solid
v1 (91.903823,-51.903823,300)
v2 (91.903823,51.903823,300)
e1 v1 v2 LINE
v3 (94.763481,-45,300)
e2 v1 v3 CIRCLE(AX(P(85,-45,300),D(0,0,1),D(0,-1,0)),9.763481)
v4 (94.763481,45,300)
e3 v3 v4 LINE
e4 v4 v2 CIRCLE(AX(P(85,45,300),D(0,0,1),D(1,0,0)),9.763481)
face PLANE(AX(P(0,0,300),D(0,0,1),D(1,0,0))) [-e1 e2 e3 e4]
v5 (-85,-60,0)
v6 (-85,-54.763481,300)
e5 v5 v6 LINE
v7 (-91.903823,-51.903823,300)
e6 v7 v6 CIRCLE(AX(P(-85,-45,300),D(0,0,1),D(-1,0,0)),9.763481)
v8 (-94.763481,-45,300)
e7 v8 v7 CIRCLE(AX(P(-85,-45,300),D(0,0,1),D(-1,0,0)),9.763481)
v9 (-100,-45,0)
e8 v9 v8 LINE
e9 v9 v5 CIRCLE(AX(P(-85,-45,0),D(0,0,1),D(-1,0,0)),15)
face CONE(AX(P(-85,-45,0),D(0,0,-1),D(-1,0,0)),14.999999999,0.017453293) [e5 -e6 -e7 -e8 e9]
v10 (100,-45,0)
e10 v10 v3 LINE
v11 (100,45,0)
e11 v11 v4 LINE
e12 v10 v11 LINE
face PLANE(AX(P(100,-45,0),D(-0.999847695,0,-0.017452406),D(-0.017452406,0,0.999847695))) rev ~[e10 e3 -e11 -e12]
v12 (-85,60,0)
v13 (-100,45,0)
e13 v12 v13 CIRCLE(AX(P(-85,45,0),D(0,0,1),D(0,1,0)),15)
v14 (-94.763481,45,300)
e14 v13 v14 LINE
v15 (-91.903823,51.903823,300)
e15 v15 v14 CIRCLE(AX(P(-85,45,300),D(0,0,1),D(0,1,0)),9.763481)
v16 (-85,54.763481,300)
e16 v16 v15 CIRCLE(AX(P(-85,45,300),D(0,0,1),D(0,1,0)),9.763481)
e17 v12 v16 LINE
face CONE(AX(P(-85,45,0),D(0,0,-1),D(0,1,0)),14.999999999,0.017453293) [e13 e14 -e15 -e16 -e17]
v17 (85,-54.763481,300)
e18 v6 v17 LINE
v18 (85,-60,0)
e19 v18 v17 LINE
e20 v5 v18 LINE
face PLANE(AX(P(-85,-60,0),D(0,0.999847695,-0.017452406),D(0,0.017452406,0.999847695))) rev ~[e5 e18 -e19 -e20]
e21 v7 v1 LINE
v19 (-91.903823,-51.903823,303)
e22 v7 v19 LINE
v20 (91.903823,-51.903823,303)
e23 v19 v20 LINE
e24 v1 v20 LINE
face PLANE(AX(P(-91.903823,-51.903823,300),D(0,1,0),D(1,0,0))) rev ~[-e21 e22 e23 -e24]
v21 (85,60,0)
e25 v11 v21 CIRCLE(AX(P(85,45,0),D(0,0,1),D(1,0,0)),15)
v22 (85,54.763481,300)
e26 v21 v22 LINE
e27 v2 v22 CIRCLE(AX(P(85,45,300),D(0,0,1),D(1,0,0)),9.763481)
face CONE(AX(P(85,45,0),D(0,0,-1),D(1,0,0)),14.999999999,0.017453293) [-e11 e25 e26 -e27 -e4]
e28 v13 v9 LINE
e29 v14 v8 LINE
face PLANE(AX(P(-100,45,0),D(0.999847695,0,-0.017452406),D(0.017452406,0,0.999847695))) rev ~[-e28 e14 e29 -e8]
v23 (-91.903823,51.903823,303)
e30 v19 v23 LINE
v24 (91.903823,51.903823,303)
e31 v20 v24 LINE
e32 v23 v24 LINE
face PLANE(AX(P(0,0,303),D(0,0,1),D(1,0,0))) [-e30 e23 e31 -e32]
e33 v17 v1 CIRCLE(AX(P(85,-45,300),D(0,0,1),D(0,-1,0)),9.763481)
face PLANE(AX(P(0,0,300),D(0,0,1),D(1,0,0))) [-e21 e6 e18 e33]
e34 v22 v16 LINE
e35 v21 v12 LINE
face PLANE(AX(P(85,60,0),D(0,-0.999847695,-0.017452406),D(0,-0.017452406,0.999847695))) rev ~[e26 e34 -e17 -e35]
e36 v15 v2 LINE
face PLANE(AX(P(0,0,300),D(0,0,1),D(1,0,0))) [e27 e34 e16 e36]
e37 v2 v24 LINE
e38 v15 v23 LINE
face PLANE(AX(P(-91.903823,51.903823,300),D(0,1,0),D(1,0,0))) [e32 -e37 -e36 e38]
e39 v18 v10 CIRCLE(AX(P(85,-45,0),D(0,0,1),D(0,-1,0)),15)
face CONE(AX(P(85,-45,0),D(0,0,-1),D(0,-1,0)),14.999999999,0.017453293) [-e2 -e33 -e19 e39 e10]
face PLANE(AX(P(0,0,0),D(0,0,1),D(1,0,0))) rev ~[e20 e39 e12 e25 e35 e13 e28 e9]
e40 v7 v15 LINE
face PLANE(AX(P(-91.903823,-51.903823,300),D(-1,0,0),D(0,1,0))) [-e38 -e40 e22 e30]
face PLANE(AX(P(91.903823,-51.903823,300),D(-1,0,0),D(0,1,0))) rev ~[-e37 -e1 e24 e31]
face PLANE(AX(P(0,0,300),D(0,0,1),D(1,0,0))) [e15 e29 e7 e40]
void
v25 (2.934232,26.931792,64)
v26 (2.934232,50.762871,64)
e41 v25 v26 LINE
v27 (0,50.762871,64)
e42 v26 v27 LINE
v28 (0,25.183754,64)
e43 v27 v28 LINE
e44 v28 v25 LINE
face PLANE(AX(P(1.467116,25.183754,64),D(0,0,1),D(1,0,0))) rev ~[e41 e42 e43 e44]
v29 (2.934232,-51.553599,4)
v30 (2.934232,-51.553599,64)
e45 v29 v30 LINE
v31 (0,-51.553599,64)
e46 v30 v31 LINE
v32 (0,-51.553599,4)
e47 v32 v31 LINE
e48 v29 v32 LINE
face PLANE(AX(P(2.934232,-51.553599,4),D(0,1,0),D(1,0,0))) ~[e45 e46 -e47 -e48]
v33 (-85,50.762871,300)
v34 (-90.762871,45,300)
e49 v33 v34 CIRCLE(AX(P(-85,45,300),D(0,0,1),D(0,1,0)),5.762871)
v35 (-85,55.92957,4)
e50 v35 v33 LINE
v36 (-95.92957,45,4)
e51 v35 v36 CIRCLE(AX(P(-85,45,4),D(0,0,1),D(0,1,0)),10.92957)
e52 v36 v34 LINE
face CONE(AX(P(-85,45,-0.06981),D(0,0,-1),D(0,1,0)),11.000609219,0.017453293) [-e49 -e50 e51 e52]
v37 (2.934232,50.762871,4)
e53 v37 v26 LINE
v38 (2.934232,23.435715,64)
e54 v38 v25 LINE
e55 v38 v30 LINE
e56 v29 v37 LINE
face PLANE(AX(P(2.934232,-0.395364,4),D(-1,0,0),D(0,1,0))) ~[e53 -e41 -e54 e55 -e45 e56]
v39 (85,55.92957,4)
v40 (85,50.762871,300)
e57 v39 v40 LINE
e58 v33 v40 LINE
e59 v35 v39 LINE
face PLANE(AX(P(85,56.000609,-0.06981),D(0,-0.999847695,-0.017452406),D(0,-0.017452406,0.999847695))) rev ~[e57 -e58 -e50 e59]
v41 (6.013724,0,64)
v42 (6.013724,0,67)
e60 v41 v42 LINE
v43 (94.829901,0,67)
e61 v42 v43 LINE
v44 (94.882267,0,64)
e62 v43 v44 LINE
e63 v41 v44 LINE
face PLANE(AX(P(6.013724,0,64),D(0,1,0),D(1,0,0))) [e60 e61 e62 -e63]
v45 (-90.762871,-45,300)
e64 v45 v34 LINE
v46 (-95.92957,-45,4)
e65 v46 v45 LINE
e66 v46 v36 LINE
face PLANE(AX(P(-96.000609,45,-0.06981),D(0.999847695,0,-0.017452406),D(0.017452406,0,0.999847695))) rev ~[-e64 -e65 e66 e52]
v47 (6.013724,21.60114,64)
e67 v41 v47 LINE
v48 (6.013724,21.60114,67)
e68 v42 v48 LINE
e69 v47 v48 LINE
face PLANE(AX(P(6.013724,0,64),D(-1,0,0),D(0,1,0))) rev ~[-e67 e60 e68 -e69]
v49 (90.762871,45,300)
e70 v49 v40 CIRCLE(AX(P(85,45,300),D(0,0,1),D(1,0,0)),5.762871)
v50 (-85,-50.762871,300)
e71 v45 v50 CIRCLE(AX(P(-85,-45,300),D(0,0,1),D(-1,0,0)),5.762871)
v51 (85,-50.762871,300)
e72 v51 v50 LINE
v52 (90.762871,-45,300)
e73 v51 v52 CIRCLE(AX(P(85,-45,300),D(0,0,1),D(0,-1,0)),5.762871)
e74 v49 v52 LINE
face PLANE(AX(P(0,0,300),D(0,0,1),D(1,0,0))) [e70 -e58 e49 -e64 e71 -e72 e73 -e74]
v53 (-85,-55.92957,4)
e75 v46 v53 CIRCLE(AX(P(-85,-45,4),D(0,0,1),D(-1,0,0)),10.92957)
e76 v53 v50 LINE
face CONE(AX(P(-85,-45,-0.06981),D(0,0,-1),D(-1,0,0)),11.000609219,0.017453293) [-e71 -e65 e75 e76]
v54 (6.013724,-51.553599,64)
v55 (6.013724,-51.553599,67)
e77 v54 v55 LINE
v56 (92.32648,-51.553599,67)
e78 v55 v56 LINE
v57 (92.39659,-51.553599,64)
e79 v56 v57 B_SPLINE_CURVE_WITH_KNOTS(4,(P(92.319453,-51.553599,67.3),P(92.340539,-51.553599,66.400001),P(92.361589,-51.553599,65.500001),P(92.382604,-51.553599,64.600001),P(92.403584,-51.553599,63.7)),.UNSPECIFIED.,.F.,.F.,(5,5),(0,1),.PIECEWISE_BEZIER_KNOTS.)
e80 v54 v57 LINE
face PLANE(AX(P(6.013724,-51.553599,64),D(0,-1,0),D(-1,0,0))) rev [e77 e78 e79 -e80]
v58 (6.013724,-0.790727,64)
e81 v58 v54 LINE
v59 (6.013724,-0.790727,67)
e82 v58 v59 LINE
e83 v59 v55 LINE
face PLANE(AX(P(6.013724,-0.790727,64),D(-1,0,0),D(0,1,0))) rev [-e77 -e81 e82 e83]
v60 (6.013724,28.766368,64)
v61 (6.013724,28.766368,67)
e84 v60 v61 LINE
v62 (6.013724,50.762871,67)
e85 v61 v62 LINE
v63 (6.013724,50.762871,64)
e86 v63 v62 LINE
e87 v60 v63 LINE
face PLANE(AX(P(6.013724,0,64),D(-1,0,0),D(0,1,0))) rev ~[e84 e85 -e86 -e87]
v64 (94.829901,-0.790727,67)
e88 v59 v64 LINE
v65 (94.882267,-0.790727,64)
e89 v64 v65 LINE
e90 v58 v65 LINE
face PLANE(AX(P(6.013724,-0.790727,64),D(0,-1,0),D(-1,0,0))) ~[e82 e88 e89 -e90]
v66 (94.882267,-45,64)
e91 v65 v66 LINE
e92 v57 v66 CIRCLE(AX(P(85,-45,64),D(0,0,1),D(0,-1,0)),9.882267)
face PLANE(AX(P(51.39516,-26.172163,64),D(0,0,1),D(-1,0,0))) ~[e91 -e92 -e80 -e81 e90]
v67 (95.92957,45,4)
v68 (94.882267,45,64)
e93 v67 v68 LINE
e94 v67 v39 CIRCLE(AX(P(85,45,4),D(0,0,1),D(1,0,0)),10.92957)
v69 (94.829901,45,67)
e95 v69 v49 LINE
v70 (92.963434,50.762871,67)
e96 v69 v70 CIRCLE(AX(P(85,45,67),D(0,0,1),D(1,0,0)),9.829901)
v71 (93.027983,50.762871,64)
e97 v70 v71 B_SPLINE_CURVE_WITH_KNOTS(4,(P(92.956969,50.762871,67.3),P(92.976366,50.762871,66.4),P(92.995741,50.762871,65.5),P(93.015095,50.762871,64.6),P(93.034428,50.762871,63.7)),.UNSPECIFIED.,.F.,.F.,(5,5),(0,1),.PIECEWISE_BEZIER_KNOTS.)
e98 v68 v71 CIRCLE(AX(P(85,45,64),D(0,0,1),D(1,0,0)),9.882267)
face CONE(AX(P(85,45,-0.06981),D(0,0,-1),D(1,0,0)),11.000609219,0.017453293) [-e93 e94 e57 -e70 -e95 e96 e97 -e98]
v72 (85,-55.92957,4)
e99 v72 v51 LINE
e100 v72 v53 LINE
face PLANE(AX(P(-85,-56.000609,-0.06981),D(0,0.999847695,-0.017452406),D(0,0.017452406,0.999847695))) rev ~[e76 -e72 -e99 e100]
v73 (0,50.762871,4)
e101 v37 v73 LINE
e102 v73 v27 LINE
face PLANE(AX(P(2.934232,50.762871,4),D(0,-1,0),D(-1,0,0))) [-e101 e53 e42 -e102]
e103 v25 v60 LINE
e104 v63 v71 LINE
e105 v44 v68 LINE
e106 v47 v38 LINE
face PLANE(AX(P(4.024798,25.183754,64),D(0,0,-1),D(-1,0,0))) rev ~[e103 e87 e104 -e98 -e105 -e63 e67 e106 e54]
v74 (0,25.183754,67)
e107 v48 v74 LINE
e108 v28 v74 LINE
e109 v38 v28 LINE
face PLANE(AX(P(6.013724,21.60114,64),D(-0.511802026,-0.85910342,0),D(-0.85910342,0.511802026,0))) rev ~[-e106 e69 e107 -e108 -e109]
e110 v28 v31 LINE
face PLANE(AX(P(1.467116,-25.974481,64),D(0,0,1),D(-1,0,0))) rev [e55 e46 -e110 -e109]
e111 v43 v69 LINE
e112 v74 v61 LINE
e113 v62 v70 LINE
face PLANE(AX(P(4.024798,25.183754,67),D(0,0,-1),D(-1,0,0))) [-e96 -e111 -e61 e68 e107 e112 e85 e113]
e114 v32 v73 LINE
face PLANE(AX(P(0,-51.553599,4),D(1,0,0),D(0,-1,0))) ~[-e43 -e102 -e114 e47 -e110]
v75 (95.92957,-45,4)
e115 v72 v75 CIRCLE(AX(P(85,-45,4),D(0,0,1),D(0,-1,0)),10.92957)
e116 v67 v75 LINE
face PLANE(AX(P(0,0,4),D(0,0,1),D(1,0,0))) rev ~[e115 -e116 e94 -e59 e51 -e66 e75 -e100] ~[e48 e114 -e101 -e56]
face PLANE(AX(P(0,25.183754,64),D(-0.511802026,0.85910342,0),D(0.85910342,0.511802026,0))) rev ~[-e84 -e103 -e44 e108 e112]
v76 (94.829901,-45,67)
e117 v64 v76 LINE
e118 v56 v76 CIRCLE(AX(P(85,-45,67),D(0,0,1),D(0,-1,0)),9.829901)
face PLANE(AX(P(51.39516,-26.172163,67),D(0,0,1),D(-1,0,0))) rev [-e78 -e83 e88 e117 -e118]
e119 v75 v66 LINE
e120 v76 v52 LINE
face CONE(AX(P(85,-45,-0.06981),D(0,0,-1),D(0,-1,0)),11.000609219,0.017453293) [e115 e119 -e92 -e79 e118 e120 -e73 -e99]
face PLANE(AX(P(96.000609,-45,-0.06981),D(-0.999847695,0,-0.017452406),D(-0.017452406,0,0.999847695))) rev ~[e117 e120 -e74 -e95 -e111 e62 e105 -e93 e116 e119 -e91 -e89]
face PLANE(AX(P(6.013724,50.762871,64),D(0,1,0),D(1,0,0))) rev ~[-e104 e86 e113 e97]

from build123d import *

# Parameters (mm, degrees)
EXTRUDE_1_DEPTH  = 300
EXTRUDE_1_TAPER  = 1
SHELL_1_T        = -4
EXTRUDE_2_DEPTH  = 60
SKETCH_5_W       = 90.762871209
SKETCH_5_H       = 50.762871209
EXTRUDE_3_DEPTH  = 3
EXTRUDE_4_DEPTH  = 3
SKETCH_8_W       = 183.80764657
SKETCH_8_H       = 103.80764657
EXTRUDE_11_DEPTH = 3


with BuildPart() as part:
    # 草图1 → 凸台-拉伸1 (new body)
    with BuildSketch(Plane.XY):
        with BuildLine():
            ThreePointArc((-85, 60), (-95.606601718, 55.606601718), (-100, 45))
            Line((-100, 45), (-100, -45))
            ThreePointArc((-100, -45), (-95.606601718, -55.606601718), (-85, -60))
            Line((-85, -60), (85, -60))
            ThreePointArc((85, -60), (95.606601718, -55.606601718), (100, -45))
            Line((100, -45), (100, 45))
            ThreePointArc((100, 45), (95.606601718, 55.606601718), (85, 60))
            Line((85, 60), (-85, 60))
        make_face()
    extrude(amount=EXTRUDE_1_DEPTH, taper=EXTRUDE_1_TAPER)

    # 抽壳1
    shell_1_openings = [part.faces().sort_by_distance(p)[0] for p in [
        (0, 0, 300),
    ]]
    offset(amount=SHELL_1_T, openings=shell_1_openings, kind=Kind.INTERSECTION)

    # 草图4 → 凸台-拉伸2 (add)
    with BuildSketch(Plane.XY.offset(4)):
        Polygon((0, 0.466595392), (0, 0), (0, -0.395363651), (2.934231711, -0.395363651), (2.934231711, 0), (2.934231711, 50.762871209), (0, 50.762871209), align=None)
    extrude_2 = extrude(amount=EXTRUDE_2_DEPTH)

    # 草图5 → 凸台-拉伸3 (add)
    with BuildSketch(Plane(origin=(6.01372394, 0, 64), x_dir=(1, 0, 0), z_dir=(0, 0, 1))):
        with Locations((45.381435605, 25.381435605)):
            Rectangle(SKETCH_5_W, SKETCH_5_H)
    extrude_3 = extrude(amount=EXTRUDE_3_DEPTH)

    # 草图6 → 凸台-拉伸4 (add)
    with BuildSketch(Plane.XY.offset(64)):
        Polygon((0, 25.183753779), (6.01372394, 28.76636796), (6.01372394, 21.601139598), align=None)
    extrude(amount=EXTRUDE_4_DEPTH)

    # 镜向1: 凸台-拉伸2, 凸台-拉伸3 across plane
    add(extrude_2.mirror(Plane(origin=(0, -0.395363651, 64), x_dir=(0, 0, 1), z_dir=(0, -1, 0))))
    add(extrude_3.mirror(Plane(origin=(0, -0.395363651, 64), x_dir=(0, 0, 1), z_dir=(0, -1, 0))))

    # 草图8 → 凸台-拉伸11 (add)
    with BuildSketch(Plane.XY.offset(300)):
        Rectangle(SKETCH_8_W, SKETCH_8_H)
    extrude(amount=EXTRUDE_11_DEPTH)


solid = part.part
